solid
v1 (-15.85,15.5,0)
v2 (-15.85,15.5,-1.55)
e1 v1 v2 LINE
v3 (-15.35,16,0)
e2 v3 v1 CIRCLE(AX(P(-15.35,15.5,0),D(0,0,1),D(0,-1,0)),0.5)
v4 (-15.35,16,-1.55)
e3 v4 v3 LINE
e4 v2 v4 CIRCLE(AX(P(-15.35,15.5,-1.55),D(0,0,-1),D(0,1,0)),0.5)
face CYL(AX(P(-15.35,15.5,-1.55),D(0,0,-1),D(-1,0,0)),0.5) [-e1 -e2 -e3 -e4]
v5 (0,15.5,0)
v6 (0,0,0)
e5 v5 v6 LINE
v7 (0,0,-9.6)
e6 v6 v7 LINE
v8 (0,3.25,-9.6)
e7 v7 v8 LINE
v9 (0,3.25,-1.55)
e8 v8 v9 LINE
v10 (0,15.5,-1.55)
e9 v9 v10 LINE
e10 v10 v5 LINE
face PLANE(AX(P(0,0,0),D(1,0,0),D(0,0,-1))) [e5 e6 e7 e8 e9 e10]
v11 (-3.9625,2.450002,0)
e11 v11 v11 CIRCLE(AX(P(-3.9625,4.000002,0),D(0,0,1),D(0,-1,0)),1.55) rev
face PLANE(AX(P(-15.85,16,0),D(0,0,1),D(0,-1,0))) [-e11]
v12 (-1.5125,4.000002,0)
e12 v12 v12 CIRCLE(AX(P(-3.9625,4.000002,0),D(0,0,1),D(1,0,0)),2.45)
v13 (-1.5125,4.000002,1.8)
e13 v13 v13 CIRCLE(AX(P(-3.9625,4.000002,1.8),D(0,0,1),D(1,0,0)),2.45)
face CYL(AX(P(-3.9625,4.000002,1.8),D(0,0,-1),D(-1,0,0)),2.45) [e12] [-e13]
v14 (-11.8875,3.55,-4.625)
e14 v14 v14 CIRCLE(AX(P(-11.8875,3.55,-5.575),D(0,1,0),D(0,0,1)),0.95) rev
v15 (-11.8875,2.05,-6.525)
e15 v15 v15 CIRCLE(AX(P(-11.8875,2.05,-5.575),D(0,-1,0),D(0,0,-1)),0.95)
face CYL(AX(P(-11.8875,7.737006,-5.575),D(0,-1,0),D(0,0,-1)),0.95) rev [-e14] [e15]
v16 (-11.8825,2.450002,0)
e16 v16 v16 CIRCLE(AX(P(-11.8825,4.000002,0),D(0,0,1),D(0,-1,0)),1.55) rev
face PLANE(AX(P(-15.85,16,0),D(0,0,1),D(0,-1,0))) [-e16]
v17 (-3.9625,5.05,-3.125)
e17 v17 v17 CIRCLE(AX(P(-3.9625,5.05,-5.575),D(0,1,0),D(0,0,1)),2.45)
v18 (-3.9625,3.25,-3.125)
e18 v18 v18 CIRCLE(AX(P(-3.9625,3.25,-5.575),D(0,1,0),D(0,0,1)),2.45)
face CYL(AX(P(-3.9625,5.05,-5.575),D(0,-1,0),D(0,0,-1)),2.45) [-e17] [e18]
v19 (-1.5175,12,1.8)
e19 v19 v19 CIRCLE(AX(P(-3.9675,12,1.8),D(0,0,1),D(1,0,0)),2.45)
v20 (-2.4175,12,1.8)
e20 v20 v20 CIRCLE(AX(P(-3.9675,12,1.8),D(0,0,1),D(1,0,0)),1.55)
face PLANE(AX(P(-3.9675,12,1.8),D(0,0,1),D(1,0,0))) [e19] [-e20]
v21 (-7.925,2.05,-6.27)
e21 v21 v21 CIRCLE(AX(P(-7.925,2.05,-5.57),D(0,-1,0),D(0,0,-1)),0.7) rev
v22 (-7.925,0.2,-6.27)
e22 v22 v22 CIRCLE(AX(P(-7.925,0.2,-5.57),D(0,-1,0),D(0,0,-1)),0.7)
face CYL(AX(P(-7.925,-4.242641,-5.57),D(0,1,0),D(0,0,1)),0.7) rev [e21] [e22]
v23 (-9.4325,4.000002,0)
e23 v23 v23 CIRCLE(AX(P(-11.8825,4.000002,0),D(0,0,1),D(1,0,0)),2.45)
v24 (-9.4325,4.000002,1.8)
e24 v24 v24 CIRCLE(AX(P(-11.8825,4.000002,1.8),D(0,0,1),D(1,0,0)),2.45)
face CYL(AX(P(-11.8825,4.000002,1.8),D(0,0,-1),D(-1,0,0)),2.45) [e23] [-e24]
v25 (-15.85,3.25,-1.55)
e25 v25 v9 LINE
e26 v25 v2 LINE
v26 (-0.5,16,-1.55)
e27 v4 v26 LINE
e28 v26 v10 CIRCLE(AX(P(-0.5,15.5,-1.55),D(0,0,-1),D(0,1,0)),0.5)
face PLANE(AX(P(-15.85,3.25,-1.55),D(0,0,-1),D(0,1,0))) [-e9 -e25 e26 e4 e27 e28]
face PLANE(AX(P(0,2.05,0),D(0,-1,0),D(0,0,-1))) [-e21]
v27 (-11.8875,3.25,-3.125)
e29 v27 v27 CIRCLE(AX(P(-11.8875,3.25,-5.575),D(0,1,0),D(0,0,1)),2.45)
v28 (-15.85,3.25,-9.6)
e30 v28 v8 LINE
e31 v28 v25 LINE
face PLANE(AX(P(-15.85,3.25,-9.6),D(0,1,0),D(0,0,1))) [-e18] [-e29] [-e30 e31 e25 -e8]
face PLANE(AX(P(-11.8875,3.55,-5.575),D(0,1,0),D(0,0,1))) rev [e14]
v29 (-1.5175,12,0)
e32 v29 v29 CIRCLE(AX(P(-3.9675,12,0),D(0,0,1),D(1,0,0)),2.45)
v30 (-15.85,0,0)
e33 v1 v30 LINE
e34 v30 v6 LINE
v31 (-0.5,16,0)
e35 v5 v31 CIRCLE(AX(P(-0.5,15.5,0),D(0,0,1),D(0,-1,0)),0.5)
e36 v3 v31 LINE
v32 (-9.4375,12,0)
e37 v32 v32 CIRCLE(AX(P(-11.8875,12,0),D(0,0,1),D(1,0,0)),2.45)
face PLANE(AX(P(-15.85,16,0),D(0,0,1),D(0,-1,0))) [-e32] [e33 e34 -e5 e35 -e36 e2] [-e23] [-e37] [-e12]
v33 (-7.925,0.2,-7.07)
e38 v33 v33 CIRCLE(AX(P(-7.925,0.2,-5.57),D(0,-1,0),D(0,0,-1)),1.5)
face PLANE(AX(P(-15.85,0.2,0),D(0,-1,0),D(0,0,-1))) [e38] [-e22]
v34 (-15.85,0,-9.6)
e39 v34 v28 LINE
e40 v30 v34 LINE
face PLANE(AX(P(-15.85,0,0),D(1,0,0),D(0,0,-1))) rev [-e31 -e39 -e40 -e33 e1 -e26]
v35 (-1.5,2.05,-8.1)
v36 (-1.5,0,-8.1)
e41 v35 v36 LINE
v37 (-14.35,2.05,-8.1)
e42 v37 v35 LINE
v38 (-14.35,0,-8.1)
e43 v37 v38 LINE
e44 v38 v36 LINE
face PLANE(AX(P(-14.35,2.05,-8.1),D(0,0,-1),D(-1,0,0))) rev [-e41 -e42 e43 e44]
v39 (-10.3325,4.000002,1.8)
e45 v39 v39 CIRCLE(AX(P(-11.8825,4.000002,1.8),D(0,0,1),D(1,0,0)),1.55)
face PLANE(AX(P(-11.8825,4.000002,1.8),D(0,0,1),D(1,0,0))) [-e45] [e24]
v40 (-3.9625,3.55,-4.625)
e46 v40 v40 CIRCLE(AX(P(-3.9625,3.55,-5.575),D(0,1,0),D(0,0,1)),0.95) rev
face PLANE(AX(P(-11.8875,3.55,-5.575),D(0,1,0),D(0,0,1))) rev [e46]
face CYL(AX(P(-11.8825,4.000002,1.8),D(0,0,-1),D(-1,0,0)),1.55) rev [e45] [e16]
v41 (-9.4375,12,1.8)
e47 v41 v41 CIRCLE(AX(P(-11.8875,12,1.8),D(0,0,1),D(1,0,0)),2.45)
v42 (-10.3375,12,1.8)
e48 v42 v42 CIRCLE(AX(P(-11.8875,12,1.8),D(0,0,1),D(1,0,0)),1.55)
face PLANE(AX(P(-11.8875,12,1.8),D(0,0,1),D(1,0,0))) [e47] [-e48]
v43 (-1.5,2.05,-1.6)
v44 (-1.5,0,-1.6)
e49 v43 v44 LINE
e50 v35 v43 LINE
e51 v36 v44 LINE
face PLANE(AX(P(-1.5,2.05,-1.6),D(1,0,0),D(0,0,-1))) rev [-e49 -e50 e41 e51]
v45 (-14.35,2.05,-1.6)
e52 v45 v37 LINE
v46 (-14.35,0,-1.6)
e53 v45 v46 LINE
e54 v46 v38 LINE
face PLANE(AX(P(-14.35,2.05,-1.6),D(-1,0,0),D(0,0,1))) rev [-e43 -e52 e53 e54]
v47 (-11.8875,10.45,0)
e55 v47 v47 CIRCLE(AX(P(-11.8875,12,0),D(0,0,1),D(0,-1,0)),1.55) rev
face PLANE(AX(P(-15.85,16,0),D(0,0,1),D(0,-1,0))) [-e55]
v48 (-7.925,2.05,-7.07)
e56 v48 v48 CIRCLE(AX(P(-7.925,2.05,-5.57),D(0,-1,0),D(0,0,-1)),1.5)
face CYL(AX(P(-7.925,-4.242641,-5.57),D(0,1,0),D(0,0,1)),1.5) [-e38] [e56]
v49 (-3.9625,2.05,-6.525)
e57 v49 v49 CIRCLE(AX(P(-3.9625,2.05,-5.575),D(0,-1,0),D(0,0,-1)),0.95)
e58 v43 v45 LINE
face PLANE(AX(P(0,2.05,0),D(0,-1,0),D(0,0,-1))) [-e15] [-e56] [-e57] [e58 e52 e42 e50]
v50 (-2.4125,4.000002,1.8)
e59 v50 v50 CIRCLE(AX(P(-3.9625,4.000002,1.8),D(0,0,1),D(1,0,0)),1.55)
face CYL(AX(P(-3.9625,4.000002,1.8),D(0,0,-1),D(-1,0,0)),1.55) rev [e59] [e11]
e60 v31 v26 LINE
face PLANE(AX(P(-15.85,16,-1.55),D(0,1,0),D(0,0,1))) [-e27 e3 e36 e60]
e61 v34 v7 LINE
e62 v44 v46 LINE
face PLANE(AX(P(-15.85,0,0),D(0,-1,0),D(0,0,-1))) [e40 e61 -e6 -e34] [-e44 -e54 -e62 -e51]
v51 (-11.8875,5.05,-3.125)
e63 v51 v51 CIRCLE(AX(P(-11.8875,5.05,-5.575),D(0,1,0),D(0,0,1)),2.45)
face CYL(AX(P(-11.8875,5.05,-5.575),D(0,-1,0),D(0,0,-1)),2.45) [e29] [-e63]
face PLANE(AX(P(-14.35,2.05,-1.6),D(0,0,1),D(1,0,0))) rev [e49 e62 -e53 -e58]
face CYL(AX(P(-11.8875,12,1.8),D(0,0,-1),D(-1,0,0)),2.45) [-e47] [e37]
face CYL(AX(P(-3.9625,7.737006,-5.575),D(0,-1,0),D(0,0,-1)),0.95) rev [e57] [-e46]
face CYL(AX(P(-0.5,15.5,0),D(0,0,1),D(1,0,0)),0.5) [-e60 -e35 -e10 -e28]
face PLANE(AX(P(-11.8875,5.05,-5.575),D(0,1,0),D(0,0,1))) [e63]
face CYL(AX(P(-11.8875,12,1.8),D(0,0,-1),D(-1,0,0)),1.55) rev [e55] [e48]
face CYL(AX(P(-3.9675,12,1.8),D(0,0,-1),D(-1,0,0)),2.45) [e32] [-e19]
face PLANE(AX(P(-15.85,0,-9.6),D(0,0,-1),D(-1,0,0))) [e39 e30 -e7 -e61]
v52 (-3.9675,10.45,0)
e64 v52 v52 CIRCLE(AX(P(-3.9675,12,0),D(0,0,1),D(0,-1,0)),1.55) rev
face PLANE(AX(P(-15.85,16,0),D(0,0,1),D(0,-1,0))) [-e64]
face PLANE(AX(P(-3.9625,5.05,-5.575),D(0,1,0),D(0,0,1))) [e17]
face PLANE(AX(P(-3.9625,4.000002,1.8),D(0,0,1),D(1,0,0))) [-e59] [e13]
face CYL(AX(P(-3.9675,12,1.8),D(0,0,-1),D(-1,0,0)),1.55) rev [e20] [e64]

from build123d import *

# Parameters (mm, degrees)
BOSS_EXTRUDE1_DEPTH = 15.85
SKETCH2_R           = 2.45
BOSS_EXTRUDE2_DEPTH = 1.8
SKETCH3_W           = 12.85
SKETCH3_H           = 6.5
CUT_EXTRUDE1_DEPTH  = 2.05
SKETCH4_R           = 0.95
CUT_EXTRUDE2_DEPTH  = 1.5
SKETCH5_R           = 1.5
SKETCH5_R_2         = 0.7
BOSS_EXTRUDE3_DEPTH = 1.85
SKETCH6_R           = 2.45
SKETCH6_R_2         = 1.55
BOSS_EXTRUDE4_DEPTH = 1.8
FILLET1_R           = 0.5


with BuildPart() as part:
    # Sketch1 → Boss-Extrude1 (new body)
    with BuildSketch(Plane(origin=(0, 0, 0), x_dir=(0, 0, -1), z_dir=(1, 0, 0))):
        Polygon((0, 16), (0, 0), (9.6, 0), (9.6, 3.25), (1.55, 3.25), (1.55, 16), align=None)
    extrude(amount=-BOSS_EXTRUDE1_DEPTH)

    # Sketch2 → Boss-Extrude2 (add)
    with BuildSketch(Plane(origin=(0, 3.25, 0), x_dir=(1, 0, 0), z_dir=(0, 1, 0))):
        with Locations(Location((-11.8875, 5.575, 0), (0, 0, 270))):
            Circle(SKETCH2_R)
        with Locations(Location((-3.9625, 5.575, 0), (0, 0, 270))):
            Circle(SKETCH2_R)
    extrude(amount=BOSS_EXTRUDE2_DEPTH)

    # Sketch3 → Cut-Extrude1 (cut)
    with BuildSketch(Plane.XZ):
        with Locations((-7.925, -4.85)):
            Rectangle(SKETCH3_W, SKETCH3_H)
    extrude(amount=-CUT_EXTRUDE1_DEPTH, mode=Mode.SUBTRACT)

    # Sketch4 → Cut-Extrude2 (cut)
    with BuildSketch(Plane.XZ.offset(-2.05)):
        with Locations(Location((-11.8875, -5.575, 0), (0, 0, 270))):
            Circle(SKETCH4_R)
        with Locations(Location((-3.9625, -5.575, 0), (0, 0, 270))):
            Circle(SKETCH4_R)
    extrude(amount=-CUT_EXTRUDE2_DEPTH, mode=Mode.SUBTRACT)

    # Sketch5 → Boss-Extrude3 (add)
    with BuildSketch(Plane.XZ.offset(-2.05)):
        with Locations(Location((-7.925, -5.57, 0), (0, 0, 270))):
            Circle(SKETCH5_R)
        with Locations(Location((-7.925, -5.57, 0), (0, 0, 270))):
            Circle(SKETCH5_R_2, mode=Mode.SUBTRACT)
    extrude(amount=BOSS_EXTRUDE3_DEPTH)

    # Sketch6 → Boss-Extrude4 (add)
    # profile 1 of 4: a face of its own
    with BuildSketch(Plane.XY):
        with Locations((-11.8875, 12)):
            Circle(SKETCH6_R)
        with Locations(Location((-11.8875, 12, 0), (0, 0, 270))):
            Circle(SKETCH6_R_2, mode=Mode.SUBTRACT)
    # profile 2 of 4: a face of its own
    with BuildSketch(Plane.XY):
        with Locations((-3.9675, 12)):
            Circle(SKETCH6_R)
        with Locations(Location((-3.9675, 12, 0), (0, 0, 270))):
            Circle(SKETCH6_R_2, mode=Mode.SUBTRACT)
    # profile 3 of 4: a face of its own
    with BuildSketch(Plane.XY):
        with Locations((-3.9625, 4.000001563)):
            Circle(SKETCH6_R)
        with Locations(Location((-3.9625, 4.000001563, 0), (0, 0, 270))):
            Circle(SKETCH6_R_2, mode=Mode.SUBTRACT)
    # profile 4 of 4: a face of its own
    with BuildSketch(Plane.XY):
        with Locations((-11.8825, 4.000001563)):
            Circle(SKETCH6_R)
        with Locations(Location((-11.8825, 4.000001563, 0), (0, 0, 270))):
            Circle(SKETCH6_R_2, mode=Mode.SUBTRACT)
    extrude(amount=BOSS_EXTRUDE4_DEPTH)

    # Fillet1
    fillet1_edges = [part.edges().sort_by_distance(p)[0] for p in [
        (-15.85, 16, -0.775),
        (0, 16, -0.775),
    ]]
    fillet(fillet1_edges, radius=FILLET1_R)


solid = part.part
